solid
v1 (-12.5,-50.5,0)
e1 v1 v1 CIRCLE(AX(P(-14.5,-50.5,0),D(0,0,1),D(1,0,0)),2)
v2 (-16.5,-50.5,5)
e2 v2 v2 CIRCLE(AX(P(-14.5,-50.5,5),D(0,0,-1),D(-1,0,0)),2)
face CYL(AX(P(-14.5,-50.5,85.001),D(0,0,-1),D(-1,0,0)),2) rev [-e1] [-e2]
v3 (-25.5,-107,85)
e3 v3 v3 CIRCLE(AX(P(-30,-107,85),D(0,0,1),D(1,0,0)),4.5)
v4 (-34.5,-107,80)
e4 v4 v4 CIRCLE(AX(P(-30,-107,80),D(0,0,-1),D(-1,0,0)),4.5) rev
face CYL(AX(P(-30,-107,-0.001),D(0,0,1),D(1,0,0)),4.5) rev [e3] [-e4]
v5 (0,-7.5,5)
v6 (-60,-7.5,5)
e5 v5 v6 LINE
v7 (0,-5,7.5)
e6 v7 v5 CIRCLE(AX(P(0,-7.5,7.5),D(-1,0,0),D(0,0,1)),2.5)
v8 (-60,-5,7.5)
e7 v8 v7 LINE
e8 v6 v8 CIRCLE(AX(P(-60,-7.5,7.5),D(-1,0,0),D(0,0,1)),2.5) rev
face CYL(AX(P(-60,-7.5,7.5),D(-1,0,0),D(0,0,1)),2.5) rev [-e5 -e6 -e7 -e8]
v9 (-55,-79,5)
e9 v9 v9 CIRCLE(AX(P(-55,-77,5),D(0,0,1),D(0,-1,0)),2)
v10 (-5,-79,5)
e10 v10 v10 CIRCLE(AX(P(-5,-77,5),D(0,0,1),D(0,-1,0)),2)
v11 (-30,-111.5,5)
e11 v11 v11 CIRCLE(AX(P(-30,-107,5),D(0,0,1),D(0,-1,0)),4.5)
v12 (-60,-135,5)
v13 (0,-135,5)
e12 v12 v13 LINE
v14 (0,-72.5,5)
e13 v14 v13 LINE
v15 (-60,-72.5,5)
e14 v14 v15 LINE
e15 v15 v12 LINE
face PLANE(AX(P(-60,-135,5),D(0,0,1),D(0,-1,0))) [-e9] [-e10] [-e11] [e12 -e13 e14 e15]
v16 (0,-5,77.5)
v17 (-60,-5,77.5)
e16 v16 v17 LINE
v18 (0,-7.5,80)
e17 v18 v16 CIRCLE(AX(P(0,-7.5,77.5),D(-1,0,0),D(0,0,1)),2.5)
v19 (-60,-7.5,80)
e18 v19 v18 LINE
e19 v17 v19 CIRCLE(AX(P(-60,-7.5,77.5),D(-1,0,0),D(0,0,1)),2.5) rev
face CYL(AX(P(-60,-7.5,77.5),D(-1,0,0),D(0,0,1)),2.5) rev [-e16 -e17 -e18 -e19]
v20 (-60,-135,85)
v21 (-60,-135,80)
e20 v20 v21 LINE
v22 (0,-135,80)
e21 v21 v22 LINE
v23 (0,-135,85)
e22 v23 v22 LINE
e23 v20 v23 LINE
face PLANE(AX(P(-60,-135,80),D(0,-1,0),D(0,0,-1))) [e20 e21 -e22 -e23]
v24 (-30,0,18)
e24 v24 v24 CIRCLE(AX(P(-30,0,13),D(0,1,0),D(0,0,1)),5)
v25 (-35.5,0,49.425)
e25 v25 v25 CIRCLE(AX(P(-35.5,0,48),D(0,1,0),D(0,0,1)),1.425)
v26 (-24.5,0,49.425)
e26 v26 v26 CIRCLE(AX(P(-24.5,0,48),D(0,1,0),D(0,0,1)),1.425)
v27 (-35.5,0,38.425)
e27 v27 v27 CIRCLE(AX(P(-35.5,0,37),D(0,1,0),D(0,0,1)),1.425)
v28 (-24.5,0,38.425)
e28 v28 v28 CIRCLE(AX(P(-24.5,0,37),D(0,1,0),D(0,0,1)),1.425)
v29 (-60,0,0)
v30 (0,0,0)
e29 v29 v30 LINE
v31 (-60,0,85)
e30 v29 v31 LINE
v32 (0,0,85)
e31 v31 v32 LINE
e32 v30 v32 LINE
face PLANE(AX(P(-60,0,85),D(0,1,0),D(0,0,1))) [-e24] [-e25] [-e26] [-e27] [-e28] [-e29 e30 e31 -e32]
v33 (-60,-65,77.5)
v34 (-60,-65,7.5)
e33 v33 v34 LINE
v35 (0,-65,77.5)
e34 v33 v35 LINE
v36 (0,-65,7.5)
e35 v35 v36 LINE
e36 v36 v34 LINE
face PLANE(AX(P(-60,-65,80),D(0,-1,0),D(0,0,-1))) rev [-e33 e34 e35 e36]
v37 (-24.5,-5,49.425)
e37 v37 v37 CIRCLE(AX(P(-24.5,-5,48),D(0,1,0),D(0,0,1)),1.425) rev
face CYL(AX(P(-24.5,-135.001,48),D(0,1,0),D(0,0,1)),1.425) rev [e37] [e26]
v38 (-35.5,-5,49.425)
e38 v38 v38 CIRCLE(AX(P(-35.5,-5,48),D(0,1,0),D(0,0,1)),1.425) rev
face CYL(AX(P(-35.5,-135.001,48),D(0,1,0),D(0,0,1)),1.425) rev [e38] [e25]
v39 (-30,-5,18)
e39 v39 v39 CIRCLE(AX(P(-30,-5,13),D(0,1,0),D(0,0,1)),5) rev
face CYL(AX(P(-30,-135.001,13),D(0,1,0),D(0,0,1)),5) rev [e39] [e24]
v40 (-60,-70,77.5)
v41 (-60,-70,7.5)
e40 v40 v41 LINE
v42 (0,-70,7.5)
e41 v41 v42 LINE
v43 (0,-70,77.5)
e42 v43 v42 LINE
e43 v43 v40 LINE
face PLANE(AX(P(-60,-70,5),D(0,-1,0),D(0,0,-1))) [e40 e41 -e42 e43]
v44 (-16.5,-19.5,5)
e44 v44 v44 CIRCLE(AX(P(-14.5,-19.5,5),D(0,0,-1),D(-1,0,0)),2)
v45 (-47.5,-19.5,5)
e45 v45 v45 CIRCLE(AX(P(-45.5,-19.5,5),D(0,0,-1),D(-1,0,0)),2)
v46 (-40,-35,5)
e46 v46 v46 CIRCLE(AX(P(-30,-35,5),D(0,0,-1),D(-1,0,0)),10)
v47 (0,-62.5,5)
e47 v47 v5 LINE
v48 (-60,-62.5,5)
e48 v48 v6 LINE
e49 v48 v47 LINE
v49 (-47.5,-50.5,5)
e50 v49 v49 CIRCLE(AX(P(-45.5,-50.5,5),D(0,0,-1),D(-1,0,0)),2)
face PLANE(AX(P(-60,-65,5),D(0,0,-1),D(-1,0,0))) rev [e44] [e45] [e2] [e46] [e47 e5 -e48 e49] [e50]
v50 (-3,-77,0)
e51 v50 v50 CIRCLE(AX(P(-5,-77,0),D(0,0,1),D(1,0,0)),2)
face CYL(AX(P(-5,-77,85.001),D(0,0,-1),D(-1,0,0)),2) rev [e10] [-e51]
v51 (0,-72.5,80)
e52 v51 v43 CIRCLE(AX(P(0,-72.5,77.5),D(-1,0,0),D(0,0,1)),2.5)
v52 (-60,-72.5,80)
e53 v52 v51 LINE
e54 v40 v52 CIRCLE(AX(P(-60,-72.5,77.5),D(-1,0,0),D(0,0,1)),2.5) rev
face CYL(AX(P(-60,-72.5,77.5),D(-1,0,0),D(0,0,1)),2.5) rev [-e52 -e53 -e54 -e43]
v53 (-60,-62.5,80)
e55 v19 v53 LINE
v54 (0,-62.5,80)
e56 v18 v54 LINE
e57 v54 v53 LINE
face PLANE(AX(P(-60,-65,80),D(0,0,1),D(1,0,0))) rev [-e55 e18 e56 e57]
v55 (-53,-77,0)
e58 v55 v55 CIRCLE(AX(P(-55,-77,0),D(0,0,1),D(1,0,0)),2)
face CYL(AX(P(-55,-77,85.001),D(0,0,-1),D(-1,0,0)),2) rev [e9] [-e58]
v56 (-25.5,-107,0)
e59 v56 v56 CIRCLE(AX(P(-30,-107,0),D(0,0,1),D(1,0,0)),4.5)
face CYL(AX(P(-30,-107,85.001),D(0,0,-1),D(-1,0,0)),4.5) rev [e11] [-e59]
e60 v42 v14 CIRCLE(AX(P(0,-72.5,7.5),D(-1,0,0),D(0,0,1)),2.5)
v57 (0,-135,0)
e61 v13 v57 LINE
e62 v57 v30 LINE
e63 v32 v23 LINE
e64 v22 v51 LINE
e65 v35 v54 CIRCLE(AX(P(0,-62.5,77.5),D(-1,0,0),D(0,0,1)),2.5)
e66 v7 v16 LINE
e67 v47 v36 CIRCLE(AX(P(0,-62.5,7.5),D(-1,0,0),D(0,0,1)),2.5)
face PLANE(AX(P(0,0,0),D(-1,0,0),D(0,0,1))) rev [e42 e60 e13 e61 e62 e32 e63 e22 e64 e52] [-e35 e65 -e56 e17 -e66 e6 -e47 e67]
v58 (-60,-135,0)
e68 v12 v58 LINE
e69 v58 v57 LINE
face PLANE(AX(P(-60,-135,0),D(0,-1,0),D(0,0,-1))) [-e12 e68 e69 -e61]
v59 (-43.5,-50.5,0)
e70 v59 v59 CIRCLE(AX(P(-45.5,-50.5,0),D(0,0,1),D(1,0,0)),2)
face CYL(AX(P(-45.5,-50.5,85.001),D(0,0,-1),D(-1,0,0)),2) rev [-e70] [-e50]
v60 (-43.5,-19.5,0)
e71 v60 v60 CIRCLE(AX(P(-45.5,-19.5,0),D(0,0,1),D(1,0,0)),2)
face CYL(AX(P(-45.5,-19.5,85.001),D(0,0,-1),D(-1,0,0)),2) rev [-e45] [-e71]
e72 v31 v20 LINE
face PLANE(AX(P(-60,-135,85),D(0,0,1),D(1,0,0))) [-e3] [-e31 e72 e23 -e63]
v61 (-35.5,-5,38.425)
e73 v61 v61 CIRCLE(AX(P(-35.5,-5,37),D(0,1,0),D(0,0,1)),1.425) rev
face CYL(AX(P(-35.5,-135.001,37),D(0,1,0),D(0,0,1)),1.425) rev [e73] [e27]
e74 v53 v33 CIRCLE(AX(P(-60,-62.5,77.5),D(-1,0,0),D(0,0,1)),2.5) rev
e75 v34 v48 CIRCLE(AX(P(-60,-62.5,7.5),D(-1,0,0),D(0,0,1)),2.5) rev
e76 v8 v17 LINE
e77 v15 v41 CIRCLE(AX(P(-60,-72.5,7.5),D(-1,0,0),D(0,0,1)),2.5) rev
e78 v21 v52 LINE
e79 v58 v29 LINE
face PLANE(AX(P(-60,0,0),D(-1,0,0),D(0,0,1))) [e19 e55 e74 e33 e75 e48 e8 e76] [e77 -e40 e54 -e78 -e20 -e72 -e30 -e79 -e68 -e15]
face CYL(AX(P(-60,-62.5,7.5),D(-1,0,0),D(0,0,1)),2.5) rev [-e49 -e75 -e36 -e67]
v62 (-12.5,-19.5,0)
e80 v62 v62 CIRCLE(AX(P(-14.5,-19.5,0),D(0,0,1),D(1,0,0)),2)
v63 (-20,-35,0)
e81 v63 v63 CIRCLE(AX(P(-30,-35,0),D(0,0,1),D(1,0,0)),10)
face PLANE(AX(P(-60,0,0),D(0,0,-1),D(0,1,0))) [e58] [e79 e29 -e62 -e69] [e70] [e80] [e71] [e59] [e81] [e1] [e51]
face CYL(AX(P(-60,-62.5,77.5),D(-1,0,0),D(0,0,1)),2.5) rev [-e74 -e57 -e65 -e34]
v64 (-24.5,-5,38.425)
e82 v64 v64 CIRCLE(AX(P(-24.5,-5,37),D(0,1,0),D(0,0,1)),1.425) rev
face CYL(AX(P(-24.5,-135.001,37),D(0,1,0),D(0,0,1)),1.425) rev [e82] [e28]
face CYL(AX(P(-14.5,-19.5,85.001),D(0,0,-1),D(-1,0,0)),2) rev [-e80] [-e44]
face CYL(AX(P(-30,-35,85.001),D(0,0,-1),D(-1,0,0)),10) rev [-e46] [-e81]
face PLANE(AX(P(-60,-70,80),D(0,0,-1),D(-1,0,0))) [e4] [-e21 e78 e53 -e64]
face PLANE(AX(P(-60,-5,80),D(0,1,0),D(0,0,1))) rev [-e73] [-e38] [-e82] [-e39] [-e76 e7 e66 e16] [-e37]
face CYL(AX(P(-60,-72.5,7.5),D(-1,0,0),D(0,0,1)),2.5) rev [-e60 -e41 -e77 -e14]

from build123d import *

# Parameters (mm, degrees)
BOSS_EXTRUDE1_DEPTH = 60
SKETCH2_W           = 75
SKETCH2_H           = 60
CUT_EXTRUDE1_DEPTH  = 60
CUT_EXTRUDE2_REACH  = 137
SKETCH3_R           = 1.425
SKETCH3_R_2         = 5
CUT_EXTRUDE3_REACH  = 87
SKETCH4_R           = 4.5
SKETCH4_R_2         = 10
SKETCH4_R_3         = 2
FILLET1_R           = 2.5
FILLET2_R           = 2.5
FILLET3_R           = 2.5
FILLET4_R           = 2.5
FILLET5_R           = 2.5
FILLET6_R           = 2.5
CUT_EXTRUDE4_REACH  = 87
SKETCH5_R           = 4.5


with BuildPart() as part:
    # Sketch1 → Boss-Extrude1 (new body)
    with BuildSketch(Plane(origin=(0, 0, 0), x_dir=(0, 0, -1), z_dir=(1, 0, 0))):
        Polygon((0, 0), (0, -135), (-5, -135), (-5, -70), (-80, -70), (-80, -135), (-85, -135), (-85, 0), align=None)
    extrude(amount=-BOSS_EXTRUDE1_DEPTH)

    # Sketch2 → Cut-Extrude1 (cut)
    with BuildSketch(Plane(origin=(0, 0, 0), x_dir=(0, 0, -1), z_dir=(1, 0, 0))):
        with Locations((-42.5, -35)):
            Rectangle(SKETCH2_W, SKETCH2_H)
    extrude(amount=-CUT_EXTRUDE1_DEPTH, mode=Mode.SUBTRACT)

    # Sketch3 → Cut-Extrude2 (cut, up to next)
    with BuildSketch(Plane(origin=(0, 0, 0), x_dir=(1, 0, 0), z_dir=(0, 1, 0)), mode=Mode.PRIVATE) as cut_extrude2_sk1:
        with Locations((-35.5, -37)):
            Circle(SKETCH3_R)
    cut_extrude2_tool1 = extrude(cut_extrude2_sk1.sketch, amount=-CUT_EXTRUDE2_REACH, mode=Mode.PRIVATE) & part.part
    add(cut_extrude2_tool1.solids().sort_by_distance((-35.5, 0, 37))[0], mode=Mode.SUBTRACT)
    # Sketch3 → Cut-Extrude2 (cut, up to next)
    with BuildSketch(Plane(origin=(0, 0, 0), x_dir=(1, 0, 0), z_dir=(0, 1, 0)), mode=Mode.PRIVATE) as cut_extrude2_sk2:
        with Locations((-24.5, -37)):
            Circle(SKETCH3_R)
    cut_extrude2_tool2 = extrude(cut_extrude2_sk2.sketch, amount=-CUT_EXTRUDE2_REACH, mode=Mode.PRIVATE) & part.part
    add(cut_extrude2_tool2.solids().sort_by_distance((-24.5, 0, 37))[0], mode=Mode.SUBTRACT)
    # Sketch3 → Cut-Extrude2 (cut, up to next)
    with BuildSketch(Plane(origin=(0, 0, 0), x_dir=(1, 0, 0), z_dir=(0, 1, 0)), mode=Mode.PRIVATE) as cut_extrude2_sk3:
        with Locations((-24.5, -48)):
            Circle(SKETCH3_R)
    cut_extrude2_tool3 = extrude(cut_extrude2_sk3.sketch, amount=-CUT_EXTRUDE2_REACH, mode=Mode.PRIVATE) & part.part
    add(cut_extrude2_tool3.solids().sort_by_distance((-24.5, 0, 48))[0], mode=Mode.SUBTRACT)
    # Sketch3 → Cut-Extrude2 (cut, up to next)
    with BuildSketch(Plane(origin=(0, 0, 0), x_dir=(1, 0, 0), z_dir=(0, 1, 0)), mode=Mode.PRIVATE) as cut_extrude2_sk4:
        with Locations((-35.5, -48)):
            Circle(SKETCH3_R)
    cut_extrude2_tool4 = extrude(cut_extrude2_sk4.sketch, amount=-CUT_EXTRUDE2_REACH, mode=Mode.PRIVATE) & part.part
    add(cut_extrude2_tool4.solids().sort_by_distance((-35.5, 0, 48))[0], mode=Mode.SUBTRACT)
    # Sketch3 → Cut-Extrude2 (cut, up to next)
    with BuildSketch(Plane(origin=(0, 0, 0), x_dir=(1, 0, 0), z_dir=(0, 1, 0)), mode=Mode.PRIVATE) as cut_extrude2_sk5:
        with Locations((-30, -13)):
            Circle(SKETCH3_R_2)
    cut_extrude2_tool5 = extrude(cut_extrude2_sk5.sketch, amount=-CUT_EXTRUDE2_REACH, mode=Mode.PRIVATE) & part.part
    add(cut_extrude2_tool5.solids().sort_by_distance((-30, 0, 13))[0], mode=Mode.SUBTRACT)

    # Sketch4 → Cut-Extrude3 (cut, up to next)
    with BuildSketch(Plane.XY, mode=Mode.PRIVATE) as cut_extrude3_sk1:
        with Locations((-30, -107)):
            Circle(SKETCH4_R)
    cut_extrude3_tool1 = extrude(cut_extrude3_sk1.sketch, amount=CUT_EXTRUDE3_REACH, mode=Mode.PRIVATE) & part.part
    add(cut_extrude3_tool1.solids().sort_by_distance((-30, -107, 0))[0], mode=Mode.SUBTRACT)
    # Sketch4 → Cut-Extrude3 (cut, up to next)
    with BuildSketch(Plane.XY, mode=Mode.PRIVATE) as cut_extrude3_sk2:
        with Locations((-30, -35)):
            Circle(SKETCH4_R_2)
    cut_extrude3_tool2 = extrude(cut_extrude3_sk2.sketch, amount=CUT_EXTRUDE3_REACH, mode=Mode.PRIVATE) & part.part
    add(cut_extrude3_tool2.solids().sort_by_distance((-30, -35, 0))[0], mode=Mode.SUBTRACT)
    # Sketch4 → Cut-Extrude3 (cut, up to next)
    with BuildSketch(Plane.XY, mode=Mode.PRIVATE) as cut_extrude3_sk3:
        with Locations((-5, -77)):
            Circle(SKETCH4_R_3)
    cut_extrude3_tool3 = extrude(cut_extrude3_sk3.sketch, amount=CUT_EXTRUDE3_REACH, mode=Mode.PRIVATE) & part.part
    add(cut_extrude3_tool3.solids().sort_by_distance((-5, -77, 0))[0], mode=Mode.SUBTRACT)
    # Sketch4 → Cut-Extrude3 (cut, up to next)
    with BuildSketch(Plane.XY, mode=Mode.PRIVATE) as cut_extrude3_sk4:
        with Locations((-55, -77)):
            Circle(SKETCH4_R_3)
    cut_extrude3_tool4 = extrude(cut_extrude3_sk4.sketch, amount=CUT_EXTRUDE3_REACH, mode=Mode.PRIVATE) & part.part
    add(cut_extrude3_tool4.solids().sort_by_distance((-55, -77, 0))[0], mode=Mode.SUBTRACT)
    # Sketch4 → Cut-Extrude3 (cut, up to next)
    with BuildSketch(Plane.XY, mode=Mode.PRIVATE) as cut_extrude3_sk5:
        with Locations((-14.5, -19.5)):
            Circle(SKETCH4_R_3)
    cut_extrude3_tool5 = extrude(cut_extrude3_sk5.sketch, amount=CUT_EXTRUDE3_REACH, mode=Mode.PRIVATE) & part.part
    add(cut_extrude3_tool5.solids().sort_by_distance((-14.5, -19.5, 0))[0], mode=Mode.SUBTRACT)
    # Sketch4 → Cut-Extrude3 (cut, up to next)
    with BuildSketch(Plane.XY, mode=Mode.PRIVATE) as cut_extrude3_sk6:
        with Locations((-45.5, -19.5)):
            Circle(SKETCH4_R_3)
    cut_extrude3_tool6 = extrude(cut_extrude3_sk6.sketch, amount=CUT_EXTRUDE3_REACH, mode=Mode.PRIVATE) & part.part
    add(cut_extrude3_tool6.solids().sort_by_distance((-45.5, -19.5, 0))[0], mode=Mode.SUBTRACT)
    # Sketch4 → Cut-Extrude3 (cut, up to next)
    with BuildSketch(Plane.XY, mode=Mode.PRIVATE) as cut_extrude3_sk7:
        with Locations((-45.5, -50.5)):
            Circle(SKETCH4_R_3)
    cut_extrude3_tool7 = extrude(cut_extrude3_sk7.sketch, amount=CUT_EXTRUDE3_REACH, mode=Mode.PRIVATE) & part.part
    add(cut_extrude3_tool7.solids().sort_by_distance((-45.5, -50.5, 0))[0], mode=Mode.SUBTRACT)
    # Sketch4 → Cut-Extrude3 (cut, up to next)
    with BuildSketch(Plane.XY, mode=Mode.PRIVATE) as cut_extrude3_sk8:
        with Locations((-14.5, -50.5)):
            Circle(SKETCH4_R_3)
    cut_extrude3_tool8 = extrude(cut_extrude3_sk8.sketch, amount=CUT_EXTRUDE3_REACH, mode=Mode.PRIVATE) & part.part
    add(cut_extrude3_tool8.solids().sort_by_distance((-14.5, -50.5, 0))[0], mode=Mode.SUBTRACT)

    # Fillet1
    fillet1_edges = [part.edges().sort_by_distance(p)[0] for p in [
        (-30, -70, 80),
    ]]
    fillet(fillet1_edges, radius=FILLET1_R)

    # Fillet2
    fillet2_edges = [part.edges().sort_by_distance(p)[0] for p in [
        (-30, -70, 5),
    ]]
    fillet(fillet2_edges, radius=FILLET2_R)

    # Fillet3
    fillet3_edges = [part.edges().sort_by_distance(p)[0] for p in [
        (-30, -65, 80),
    ]]
    fillet(fillet3_edges, radius=FILLET3_R)

    # Fillet4
    fillet4_edges = [part.edges().sort_by_distance(p)[0] for p in [
        (-30, -65, 5),
    ]]
    fillet(fillet4_edges, radius=FILLET4_R)

    # Fillet5
    fillet5_edges = [part.edges().sort_by_distance(p)[0] for p in [
        (-30, -5, 5),
    ]]
    fillet(fillet5_edges, radius=FILLET5_R)

    # Fillet6
    fillet6_edges = [part.edges().sort_by_distance(p)[0] for p in [
        (-30, -5, 80),
    ]]
    fillet(fillet6_edges, radius=FILLET6_R)

    # Sketch5 → Cut-Extrude4 (cut, up to next)
    with BuildSketch(Plane.XY.offset(85), mode=Mode.PRIVATE) as cut_extrude4_sk1:
        with Locations((-30, -107)):
            Circle(SKETCH5_R)
    cut_extrude4_tool1 = extrude(cut_extrude4_sk1.sketch, amount=-CUT_EXTRUDE4_REACH, mode=Mode.PRIVATE) & part.part
    add(cut_extrude4_tool1.solids().sort_by_distance((-30, -107, 85))[0], mode=Mode.SUBTRACT)


solid = part.part
